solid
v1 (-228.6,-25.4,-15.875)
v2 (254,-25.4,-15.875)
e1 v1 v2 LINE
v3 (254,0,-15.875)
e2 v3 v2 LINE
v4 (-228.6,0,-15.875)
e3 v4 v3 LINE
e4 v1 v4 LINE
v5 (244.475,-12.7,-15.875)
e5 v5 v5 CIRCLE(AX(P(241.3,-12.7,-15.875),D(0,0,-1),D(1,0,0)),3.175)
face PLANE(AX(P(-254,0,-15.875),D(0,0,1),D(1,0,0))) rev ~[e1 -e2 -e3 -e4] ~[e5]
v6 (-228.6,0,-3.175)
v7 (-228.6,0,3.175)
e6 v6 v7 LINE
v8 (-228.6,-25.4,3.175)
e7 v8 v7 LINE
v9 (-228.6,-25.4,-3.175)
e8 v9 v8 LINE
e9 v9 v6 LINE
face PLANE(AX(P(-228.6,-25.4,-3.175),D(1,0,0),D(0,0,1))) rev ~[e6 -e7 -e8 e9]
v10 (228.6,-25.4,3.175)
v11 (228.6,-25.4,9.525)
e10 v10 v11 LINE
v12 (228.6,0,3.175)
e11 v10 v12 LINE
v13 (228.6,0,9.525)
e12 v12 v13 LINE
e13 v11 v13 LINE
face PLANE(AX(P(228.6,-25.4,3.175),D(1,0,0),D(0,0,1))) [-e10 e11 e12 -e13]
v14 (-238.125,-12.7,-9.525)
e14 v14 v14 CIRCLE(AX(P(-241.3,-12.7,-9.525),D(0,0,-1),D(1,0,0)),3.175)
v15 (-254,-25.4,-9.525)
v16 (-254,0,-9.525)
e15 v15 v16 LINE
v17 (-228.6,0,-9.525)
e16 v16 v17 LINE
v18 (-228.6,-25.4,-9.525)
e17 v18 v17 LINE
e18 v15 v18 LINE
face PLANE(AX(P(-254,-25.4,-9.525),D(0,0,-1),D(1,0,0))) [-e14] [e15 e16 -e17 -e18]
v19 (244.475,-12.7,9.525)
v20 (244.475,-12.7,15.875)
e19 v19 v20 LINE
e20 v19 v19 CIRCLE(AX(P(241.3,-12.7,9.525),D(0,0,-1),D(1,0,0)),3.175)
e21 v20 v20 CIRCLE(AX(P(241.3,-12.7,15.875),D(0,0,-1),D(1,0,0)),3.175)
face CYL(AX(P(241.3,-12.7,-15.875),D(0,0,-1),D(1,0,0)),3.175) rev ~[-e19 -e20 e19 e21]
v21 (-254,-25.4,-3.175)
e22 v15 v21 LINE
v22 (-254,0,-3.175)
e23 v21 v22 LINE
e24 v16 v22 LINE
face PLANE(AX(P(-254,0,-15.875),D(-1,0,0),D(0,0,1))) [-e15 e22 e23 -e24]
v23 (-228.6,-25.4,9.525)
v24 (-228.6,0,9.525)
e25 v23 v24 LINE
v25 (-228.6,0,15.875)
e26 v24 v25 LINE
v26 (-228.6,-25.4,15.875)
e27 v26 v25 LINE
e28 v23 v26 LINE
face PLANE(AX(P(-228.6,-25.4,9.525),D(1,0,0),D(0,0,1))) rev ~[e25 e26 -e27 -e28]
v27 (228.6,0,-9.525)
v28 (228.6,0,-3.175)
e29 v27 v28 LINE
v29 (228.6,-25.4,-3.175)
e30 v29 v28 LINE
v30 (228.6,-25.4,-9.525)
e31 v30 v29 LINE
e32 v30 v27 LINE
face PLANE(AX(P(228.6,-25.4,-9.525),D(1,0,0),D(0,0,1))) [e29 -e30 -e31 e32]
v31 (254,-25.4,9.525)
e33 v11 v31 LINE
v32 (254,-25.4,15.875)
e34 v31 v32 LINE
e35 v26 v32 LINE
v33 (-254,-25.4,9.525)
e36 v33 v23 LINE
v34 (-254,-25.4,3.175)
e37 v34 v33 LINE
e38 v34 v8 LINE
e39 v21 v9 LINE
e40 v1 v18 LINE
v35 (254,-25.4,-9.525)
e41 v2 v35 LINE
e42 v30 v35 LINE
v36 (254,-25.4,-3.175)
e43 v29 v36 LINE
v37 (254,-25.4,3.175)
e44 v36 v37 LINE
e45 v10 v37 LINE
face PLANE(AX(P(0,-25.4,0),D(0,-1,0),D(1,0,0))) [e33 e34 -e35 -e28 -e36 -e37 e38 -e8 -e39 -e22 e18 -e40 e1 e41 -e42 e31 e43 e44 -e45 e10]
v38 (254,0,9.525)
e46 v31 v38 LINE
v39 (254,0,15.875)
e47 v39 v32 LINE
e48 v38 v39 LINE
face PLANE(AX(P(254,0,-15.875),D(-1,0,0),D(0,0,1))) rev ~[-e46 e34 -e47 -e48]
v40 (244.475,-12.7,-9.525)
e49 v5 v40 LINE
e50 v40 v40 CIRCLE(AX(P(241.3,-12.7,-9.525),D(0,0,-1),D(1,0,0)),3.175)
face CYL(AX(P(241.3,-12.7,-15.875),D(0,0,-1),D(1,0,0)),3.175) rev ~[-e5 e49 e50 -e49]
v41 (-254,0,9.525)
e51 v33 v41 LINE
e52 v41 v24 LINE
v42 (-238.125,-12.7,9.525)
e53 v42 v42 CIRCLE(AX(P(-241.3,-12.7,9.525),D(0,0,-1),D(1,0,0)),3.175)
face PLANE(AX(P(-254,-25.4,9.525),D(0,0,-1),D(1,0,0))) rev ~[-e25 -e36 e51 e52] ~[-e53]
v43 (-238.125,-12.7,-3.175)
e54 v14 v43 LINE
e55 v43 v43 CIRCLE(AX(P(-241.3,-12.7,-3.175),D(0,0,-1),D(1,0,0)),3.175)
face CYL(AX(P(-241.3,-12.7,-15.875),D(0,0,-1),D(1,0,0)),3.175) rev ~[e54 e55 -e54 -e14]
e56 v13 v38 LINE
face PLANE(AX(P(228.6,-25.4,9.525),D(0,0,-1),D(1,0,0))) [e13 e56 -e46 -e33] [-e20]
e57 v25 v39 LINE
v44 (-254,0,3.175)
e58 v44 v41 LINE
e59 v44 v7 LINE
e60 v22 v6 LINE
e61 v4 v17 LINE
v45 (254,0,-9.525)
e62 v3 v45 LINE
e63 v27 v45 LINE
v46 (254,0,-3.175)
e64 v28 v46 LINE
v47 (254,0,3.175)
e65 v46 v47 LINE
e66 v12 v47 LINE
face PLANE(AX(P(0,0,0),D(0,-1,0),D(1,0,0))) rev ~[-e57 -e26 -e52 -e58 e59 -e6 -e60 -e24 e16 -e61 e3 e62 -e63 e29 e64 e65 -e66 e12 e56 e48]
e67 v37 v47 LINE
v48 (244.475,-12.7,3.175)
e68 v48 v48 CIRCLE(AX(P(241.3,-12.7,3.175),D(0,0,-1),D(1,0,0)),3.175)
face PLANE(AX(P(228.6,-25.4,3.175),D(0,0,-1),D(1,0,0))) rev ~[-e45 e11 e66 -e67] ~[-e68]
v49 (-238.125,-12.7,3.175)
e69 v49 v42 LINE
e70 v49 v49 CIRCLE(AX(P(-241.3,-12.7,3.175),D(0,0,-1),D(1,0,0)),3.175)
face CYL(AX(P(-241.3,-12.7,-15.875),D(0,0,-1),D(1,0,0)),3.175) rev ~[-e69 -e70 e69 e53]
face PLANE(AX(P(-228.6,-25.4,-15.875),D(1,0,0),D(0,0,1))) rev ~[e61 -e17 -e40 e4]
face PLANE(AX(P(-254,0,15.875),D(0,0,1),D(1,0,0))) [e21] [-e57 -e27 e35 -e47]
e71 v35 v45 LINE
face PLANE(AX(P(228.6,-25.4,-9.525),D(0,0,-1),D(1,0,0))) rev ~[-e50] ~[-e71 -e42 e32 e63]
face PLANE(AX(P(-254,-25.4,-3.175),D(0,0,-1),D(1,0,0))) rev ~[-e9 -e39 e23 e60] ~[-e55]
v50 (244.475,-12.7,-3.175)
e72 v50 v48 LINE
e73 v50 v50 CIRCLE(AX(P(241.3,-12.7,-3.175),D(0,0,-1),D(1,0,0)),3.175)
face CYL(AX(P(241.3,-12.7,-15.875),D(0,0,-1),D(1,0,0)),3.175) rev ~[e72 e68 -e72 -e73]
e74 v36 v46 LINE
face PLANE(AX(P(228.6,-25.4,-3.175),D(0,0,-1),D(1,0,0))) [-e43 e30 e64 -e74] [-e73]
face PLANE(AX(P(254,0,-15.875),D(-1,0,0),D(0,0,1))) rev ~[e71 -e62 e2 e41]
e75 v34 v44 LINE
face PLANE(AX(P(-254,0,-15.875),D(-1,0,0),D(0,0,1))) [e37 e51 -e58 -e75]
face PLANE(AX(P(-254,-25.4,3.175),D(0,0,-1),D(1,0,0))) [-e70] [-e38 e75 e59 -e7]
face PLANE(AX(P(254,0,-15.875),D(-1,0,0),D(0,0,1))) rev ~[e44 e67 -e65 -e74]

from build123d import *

# Parameters (mm, degrees)
SKETCH_W        = 508
SKETCH_H        = 31.75
PAD_DEPTH       = 25.4
SKETCH001_W     = 25.4
SKETCH001_H     = 6.35
POCKET_DEPTH    = 25.401
SKETCH002_W     = 25.4
SKETCH002_H     = 6.35
POCKET001_DEPTH = 25.401
SKETCH003_R     = 3.175
POCKET002_DEPTH = 31.751


with BuildPart() as part:
    # Sketch → Pad (new body)
    with BuildSketch(Plane.XZ):
        Rectangle(SKETCH_W, SKETCH_H)
    extrude(amount=PAD_DEPTH)

    # Sketch001 (on Face6 of Pad) → Pocket (cut, through all)
    with BuildSketch(Plane.XZ.offset(25.4)):
        with Locations((-241.3, 12.7)):
            Rectangle(SKETCH001_W, SKETCH001_H)
        with Locations((-241.3, 0)):
            Rectangle(SKETCH001_W, SKETCH001_H)
        with Locations((-241.3, -12.7)):
            Rectangle(SKETCH001_W, SKETCH001_H)
    extrude(amount=-POCKET_DEPTH, mode=Mode.SUBTRACT)

    # Sketch002 (on Face6 of Pad) → Pocket001 (cut, through all)
    with BuildSketch(Plane.XZ.offset(25.4)):
        with Locations((241.3, 6.35)):
            Rectangle(SKETCH002_W, SKETCH002_H)
        with Locations((241.3, -6.35)):
            Rectangle(SKETCH002_W, SKETCH002_H)
    extrude(amount=-POCKET001_DEPTH, mode=Mode.SUBTRACT)

    # Sketch003 (on Face11 of Pocket001) → Pocket002 (cut, through all)
    with BuildSketch(Plane(origin=(0, 0, -15.875), x_dir=(1, 0, 0), z_dir=(0, 0, -1))):
        with Locations((-241.3, 12.7)):
            Circle(SKETCH003_R)
        with Locations((241.3, 12.7)):
            Circle(SKETCH003_R)
    extrude(amount=-POCKET002_DEPTH, mode=Mode.SUBTRACT)


solid = part.part
